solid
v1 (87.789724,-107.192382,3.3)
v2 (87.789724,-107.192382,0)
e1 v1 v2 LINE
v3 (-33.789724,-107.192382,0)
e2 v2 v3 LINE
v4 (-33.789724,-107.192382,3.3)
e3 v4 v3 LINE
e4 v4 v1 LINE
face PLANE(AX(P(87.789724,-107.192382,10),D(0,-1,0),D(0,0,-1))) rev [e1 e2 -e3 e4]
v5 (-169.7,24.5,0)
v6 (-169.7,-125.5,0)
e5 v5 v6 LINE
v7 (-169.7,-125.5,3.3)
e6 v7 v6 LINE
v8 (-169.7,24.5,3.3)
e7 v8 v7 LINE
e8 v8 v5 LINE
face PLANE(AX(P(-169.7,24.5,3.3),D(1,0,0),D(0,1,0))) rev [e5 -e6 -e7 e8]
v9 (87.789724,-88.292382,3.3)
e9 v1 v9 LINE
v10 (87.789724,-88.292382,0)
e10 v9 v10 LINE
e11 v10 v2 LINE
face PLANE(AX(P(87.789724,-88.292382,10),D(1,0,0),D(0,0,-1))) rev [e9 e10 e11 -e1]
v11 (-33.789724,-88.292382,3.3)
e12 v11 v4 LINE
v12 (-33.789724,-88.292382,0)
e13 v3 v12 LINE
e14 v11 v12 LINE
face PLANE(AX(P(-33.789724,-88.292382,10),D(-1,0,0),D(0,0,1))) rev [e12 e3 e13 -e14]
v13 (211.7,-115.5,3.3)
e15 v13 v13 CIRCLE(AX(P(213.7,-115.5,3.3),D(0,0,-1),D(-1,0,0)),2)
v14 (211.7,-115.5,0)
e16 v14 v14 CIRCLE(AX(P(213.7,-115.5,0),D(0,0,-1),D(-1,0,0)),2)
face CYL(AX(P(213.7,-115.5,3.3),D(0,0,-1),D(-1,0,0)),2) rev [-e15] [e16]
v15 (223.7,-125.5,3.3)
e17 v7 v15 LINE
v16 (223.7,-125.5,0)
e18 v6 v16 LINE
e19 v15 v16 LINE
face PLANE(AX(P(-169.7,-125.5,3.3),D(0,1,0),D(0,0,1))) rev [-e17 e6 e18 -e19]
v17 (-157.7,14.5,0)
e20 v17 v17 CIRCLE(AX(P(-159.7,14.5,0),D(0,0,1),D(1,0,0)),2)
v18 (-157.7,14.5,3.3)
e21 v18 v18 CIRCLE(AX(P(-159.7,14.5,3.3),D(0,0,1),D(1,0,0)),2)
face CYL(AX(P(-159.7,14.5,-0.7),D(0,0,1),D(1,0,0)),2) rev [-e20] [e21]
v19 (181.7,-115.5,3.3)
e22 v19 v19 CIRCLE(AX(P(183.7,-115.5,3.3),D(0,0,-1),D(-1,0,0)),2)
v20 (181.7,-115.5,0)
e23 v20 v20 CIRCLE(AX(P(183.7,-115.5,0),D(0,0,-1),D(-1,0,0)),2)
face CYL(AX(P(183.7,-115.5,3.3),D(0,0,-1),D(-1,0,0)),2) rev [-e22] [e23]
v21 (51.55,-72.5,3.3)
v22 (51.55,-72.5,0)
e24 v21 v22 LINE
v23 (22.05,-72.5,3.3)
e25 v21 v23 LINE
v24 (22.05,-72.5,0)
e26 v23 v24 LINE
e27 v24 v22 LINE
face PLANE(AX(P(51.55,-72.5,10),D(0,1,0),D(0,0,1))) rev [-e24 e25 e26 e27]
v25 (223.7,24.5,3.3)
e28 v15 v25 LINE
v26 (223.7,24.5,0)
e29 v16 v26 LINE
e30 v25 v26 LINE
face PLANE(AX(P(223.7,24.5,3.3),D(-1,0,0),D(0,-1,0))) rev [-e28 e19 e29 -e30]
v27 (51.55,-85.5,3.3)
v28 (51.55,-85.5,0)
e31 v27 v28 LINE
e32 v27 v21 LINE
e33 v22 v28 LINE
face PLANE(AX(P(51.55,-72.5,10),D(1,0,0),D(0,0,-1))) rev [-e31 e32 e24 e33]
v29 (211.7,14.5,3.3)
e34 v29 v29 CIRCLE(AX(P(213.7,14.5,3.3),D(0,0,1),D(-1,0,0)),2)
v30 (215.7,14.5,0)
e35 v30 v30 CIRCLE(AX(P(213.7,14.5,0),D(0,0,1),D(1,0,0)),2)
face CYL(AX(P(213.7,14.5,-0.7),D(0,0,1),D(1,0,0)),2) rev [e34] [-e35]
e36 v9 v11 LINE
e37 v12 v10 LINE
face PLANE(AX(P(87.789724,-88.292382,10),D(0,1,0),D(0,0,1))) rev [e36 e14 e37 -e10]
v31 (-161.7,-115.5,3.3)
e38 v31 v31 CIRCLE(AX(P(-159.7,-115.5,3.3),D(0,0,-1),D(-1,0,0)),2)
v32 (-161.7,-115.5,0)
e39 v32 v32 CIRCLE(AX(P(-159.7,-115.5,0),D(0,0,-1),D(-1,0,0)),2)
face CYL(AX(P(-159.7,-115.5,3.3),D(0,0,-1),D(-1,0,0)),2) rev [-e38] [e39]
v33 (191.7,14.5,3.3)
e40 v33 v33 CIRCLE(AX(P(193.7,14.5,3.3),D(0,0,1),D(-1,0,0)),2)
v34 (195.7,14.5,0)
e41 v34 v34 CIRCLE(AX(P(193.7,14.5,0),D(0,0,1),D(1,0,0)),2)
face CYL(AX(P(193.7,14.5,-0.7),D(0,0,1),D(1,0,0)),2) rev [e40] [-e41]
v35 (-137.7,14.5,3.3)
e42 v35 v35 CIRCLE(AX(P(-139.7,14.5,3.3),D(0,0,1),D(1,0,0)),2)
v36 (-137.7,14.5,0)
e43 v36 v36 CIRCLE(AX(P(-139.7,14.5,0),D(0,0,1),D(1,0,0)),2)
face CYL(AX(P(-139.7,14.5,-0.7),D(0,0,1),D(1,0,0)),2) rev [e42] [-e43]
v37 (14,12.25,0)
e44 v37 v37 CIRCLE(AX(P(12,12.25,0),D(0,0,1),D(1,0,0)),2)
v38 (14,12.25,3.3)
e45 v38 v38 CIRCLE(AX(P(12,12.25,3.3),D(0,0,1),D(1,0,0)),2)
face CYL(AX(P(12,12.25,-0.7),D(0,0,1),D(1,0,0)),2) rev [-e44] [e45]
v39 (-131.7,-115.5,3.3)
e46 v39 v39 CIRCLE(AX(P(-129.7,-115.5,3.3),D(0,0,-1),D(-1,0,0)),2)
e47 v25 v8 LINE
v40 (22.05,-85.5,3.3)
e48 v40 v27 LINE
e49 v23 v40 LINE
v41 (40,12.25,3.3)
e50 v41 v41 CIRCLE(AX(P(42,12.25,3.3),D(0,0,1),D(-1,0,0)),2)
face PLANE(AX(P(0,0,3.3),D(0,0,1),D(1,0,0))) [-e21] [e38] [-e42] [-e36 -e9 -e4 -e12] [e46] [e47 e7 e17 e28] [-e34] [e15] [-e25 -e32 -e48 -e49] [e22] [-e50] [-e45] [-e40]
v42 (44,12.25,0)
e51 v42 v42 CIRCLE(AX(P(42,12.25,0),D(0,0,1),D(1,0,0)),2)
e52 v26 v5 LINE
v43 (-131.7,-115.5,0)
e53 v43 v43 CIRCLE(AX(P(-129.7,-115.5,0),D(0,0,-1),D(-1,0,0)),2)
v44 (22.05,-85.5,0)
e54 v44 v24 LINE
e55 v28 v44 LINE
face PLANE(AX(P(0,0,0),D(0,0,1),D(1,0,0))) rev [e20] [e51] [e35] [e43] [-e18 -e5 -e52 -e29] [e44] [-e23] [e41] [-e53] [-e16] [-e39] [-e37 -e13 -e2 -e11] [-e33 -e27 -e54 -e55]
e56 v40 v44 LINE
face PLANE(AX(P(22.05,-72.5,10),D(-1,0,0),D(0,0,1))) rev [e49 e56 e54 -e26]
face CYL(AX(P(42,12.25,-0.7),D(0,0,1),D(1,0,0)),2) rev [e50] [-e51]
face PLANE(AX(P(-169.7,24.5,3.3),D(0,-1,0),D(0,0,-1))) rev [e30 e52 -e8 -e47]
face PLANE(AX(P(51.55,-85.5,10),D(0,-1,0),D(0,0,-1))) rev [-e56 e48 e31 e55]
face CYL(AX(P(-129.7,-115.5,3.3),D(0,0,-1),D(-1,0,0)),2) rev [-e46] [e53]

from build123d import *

# Parameters (mm, degrees)
SKETCH1_W           = 393.4
SKETCH1_H           = 150
BOSS_EXTRUDE1_DEPTH = 3.3
SKETCH2_R           = 2
CUT_EXTRUDE1_DEPTH  = 257.520622953
SKETCH3_R           = 2
CUT_EXTRUDE2_DEPTH  = 4
SKETCH4_R           = 2
CUT_EXTRUDE3_DEPTH  = 4
SKETCH6_W           = 29.5
SKETCH6_H           = 13
SKETCH6_W_2         = 121.579447476
SKETCH6_H_2         = 18.9
CUT_EXTRUDE4_DEPTH  = 10


with BuildPart() as part:
    # Sketch1 → Boss-Extrude1 (new body)
    with BuildSketch(Plane.XY):
        with Locations((27, -50.5)):
            Rectangle(SKETCH1_W, SKETCH1_H)
    extrude(amount=BOSS_EXTRUDE1_DEPTH)

    # Sketch2 → Cut-Extrude1 (cut, through all)
    with BuildSketch(Plane(origin=(0, 0, 0), x_dir=(-1, 0, 0), z_dir=(0, 0, -1))):
        with Locations((-183.7, -115.5)):
            Circle(SKETCH2_R)
        with Locations((-213.7, -115.5)):
            Circle(SKETCH2_R)
        with Locations((129.7, -115.5)):
            Circle(SKETCH2_R)
        with Locations((159.7, -115.5)):
            Circle(SKETCH2_R)
    extrude(amount=-CUT_EXTRUDE1_DEPTH, mode=Mode.SUBTRACT)

    # Sketch3 → Cut-Extrude2 (cut)
    with BuildSketch(Plane.XY.offset(3.3)):
        with Locations((-159.7, 14.5)):
            Circle(SKETCH3_R)
        with Locations((-139.7, 14.5)):
            Circle(SKETCH3_R)
        with Locations((193.7, 14.5)):
            Circle(SKETCH3_R)
        with Locations((213.7, 14.5)):
            Circle(SKETCH3_R)
    extrude(amount=-CUT_EXTRUDE2_DEPTH, mode=Mode.SUBTRACT)

    # Sketch4 → Cut-Extrude3 (cut)
    with BuildSketch(Plane.XY.offset(3.3)):
        with Locations((12, 12.25)):
            Circle(SKETCH4_R)
        with Locations((42, 12.25)):
            Circle(SKETCH4_R)
    extrude(amount=-CUT_EXTRUDE3_DEPTH, mode=Mode.SUBTRACT)

    # Sketch6 → Cut-Extrude4 (cut)
    with BuildSketch(Plane(origin=(0, 0, 0), x_dir=(-1, 0, 0), z_dir=(0, 0, -1))):
        with Locations((-36.8, -79)):
            Rectangle(SKETCH6_W, SKETCH6_H)
        with Locations((-27, -97.742382112)):
            Rectangle(SKETCH6_W_2, SKETCH6_H_2)
    extrude(amount=-CUT_EXTRUDE4_DEPTH, mode=Mode.SUBTRACT)


solid = part.part
